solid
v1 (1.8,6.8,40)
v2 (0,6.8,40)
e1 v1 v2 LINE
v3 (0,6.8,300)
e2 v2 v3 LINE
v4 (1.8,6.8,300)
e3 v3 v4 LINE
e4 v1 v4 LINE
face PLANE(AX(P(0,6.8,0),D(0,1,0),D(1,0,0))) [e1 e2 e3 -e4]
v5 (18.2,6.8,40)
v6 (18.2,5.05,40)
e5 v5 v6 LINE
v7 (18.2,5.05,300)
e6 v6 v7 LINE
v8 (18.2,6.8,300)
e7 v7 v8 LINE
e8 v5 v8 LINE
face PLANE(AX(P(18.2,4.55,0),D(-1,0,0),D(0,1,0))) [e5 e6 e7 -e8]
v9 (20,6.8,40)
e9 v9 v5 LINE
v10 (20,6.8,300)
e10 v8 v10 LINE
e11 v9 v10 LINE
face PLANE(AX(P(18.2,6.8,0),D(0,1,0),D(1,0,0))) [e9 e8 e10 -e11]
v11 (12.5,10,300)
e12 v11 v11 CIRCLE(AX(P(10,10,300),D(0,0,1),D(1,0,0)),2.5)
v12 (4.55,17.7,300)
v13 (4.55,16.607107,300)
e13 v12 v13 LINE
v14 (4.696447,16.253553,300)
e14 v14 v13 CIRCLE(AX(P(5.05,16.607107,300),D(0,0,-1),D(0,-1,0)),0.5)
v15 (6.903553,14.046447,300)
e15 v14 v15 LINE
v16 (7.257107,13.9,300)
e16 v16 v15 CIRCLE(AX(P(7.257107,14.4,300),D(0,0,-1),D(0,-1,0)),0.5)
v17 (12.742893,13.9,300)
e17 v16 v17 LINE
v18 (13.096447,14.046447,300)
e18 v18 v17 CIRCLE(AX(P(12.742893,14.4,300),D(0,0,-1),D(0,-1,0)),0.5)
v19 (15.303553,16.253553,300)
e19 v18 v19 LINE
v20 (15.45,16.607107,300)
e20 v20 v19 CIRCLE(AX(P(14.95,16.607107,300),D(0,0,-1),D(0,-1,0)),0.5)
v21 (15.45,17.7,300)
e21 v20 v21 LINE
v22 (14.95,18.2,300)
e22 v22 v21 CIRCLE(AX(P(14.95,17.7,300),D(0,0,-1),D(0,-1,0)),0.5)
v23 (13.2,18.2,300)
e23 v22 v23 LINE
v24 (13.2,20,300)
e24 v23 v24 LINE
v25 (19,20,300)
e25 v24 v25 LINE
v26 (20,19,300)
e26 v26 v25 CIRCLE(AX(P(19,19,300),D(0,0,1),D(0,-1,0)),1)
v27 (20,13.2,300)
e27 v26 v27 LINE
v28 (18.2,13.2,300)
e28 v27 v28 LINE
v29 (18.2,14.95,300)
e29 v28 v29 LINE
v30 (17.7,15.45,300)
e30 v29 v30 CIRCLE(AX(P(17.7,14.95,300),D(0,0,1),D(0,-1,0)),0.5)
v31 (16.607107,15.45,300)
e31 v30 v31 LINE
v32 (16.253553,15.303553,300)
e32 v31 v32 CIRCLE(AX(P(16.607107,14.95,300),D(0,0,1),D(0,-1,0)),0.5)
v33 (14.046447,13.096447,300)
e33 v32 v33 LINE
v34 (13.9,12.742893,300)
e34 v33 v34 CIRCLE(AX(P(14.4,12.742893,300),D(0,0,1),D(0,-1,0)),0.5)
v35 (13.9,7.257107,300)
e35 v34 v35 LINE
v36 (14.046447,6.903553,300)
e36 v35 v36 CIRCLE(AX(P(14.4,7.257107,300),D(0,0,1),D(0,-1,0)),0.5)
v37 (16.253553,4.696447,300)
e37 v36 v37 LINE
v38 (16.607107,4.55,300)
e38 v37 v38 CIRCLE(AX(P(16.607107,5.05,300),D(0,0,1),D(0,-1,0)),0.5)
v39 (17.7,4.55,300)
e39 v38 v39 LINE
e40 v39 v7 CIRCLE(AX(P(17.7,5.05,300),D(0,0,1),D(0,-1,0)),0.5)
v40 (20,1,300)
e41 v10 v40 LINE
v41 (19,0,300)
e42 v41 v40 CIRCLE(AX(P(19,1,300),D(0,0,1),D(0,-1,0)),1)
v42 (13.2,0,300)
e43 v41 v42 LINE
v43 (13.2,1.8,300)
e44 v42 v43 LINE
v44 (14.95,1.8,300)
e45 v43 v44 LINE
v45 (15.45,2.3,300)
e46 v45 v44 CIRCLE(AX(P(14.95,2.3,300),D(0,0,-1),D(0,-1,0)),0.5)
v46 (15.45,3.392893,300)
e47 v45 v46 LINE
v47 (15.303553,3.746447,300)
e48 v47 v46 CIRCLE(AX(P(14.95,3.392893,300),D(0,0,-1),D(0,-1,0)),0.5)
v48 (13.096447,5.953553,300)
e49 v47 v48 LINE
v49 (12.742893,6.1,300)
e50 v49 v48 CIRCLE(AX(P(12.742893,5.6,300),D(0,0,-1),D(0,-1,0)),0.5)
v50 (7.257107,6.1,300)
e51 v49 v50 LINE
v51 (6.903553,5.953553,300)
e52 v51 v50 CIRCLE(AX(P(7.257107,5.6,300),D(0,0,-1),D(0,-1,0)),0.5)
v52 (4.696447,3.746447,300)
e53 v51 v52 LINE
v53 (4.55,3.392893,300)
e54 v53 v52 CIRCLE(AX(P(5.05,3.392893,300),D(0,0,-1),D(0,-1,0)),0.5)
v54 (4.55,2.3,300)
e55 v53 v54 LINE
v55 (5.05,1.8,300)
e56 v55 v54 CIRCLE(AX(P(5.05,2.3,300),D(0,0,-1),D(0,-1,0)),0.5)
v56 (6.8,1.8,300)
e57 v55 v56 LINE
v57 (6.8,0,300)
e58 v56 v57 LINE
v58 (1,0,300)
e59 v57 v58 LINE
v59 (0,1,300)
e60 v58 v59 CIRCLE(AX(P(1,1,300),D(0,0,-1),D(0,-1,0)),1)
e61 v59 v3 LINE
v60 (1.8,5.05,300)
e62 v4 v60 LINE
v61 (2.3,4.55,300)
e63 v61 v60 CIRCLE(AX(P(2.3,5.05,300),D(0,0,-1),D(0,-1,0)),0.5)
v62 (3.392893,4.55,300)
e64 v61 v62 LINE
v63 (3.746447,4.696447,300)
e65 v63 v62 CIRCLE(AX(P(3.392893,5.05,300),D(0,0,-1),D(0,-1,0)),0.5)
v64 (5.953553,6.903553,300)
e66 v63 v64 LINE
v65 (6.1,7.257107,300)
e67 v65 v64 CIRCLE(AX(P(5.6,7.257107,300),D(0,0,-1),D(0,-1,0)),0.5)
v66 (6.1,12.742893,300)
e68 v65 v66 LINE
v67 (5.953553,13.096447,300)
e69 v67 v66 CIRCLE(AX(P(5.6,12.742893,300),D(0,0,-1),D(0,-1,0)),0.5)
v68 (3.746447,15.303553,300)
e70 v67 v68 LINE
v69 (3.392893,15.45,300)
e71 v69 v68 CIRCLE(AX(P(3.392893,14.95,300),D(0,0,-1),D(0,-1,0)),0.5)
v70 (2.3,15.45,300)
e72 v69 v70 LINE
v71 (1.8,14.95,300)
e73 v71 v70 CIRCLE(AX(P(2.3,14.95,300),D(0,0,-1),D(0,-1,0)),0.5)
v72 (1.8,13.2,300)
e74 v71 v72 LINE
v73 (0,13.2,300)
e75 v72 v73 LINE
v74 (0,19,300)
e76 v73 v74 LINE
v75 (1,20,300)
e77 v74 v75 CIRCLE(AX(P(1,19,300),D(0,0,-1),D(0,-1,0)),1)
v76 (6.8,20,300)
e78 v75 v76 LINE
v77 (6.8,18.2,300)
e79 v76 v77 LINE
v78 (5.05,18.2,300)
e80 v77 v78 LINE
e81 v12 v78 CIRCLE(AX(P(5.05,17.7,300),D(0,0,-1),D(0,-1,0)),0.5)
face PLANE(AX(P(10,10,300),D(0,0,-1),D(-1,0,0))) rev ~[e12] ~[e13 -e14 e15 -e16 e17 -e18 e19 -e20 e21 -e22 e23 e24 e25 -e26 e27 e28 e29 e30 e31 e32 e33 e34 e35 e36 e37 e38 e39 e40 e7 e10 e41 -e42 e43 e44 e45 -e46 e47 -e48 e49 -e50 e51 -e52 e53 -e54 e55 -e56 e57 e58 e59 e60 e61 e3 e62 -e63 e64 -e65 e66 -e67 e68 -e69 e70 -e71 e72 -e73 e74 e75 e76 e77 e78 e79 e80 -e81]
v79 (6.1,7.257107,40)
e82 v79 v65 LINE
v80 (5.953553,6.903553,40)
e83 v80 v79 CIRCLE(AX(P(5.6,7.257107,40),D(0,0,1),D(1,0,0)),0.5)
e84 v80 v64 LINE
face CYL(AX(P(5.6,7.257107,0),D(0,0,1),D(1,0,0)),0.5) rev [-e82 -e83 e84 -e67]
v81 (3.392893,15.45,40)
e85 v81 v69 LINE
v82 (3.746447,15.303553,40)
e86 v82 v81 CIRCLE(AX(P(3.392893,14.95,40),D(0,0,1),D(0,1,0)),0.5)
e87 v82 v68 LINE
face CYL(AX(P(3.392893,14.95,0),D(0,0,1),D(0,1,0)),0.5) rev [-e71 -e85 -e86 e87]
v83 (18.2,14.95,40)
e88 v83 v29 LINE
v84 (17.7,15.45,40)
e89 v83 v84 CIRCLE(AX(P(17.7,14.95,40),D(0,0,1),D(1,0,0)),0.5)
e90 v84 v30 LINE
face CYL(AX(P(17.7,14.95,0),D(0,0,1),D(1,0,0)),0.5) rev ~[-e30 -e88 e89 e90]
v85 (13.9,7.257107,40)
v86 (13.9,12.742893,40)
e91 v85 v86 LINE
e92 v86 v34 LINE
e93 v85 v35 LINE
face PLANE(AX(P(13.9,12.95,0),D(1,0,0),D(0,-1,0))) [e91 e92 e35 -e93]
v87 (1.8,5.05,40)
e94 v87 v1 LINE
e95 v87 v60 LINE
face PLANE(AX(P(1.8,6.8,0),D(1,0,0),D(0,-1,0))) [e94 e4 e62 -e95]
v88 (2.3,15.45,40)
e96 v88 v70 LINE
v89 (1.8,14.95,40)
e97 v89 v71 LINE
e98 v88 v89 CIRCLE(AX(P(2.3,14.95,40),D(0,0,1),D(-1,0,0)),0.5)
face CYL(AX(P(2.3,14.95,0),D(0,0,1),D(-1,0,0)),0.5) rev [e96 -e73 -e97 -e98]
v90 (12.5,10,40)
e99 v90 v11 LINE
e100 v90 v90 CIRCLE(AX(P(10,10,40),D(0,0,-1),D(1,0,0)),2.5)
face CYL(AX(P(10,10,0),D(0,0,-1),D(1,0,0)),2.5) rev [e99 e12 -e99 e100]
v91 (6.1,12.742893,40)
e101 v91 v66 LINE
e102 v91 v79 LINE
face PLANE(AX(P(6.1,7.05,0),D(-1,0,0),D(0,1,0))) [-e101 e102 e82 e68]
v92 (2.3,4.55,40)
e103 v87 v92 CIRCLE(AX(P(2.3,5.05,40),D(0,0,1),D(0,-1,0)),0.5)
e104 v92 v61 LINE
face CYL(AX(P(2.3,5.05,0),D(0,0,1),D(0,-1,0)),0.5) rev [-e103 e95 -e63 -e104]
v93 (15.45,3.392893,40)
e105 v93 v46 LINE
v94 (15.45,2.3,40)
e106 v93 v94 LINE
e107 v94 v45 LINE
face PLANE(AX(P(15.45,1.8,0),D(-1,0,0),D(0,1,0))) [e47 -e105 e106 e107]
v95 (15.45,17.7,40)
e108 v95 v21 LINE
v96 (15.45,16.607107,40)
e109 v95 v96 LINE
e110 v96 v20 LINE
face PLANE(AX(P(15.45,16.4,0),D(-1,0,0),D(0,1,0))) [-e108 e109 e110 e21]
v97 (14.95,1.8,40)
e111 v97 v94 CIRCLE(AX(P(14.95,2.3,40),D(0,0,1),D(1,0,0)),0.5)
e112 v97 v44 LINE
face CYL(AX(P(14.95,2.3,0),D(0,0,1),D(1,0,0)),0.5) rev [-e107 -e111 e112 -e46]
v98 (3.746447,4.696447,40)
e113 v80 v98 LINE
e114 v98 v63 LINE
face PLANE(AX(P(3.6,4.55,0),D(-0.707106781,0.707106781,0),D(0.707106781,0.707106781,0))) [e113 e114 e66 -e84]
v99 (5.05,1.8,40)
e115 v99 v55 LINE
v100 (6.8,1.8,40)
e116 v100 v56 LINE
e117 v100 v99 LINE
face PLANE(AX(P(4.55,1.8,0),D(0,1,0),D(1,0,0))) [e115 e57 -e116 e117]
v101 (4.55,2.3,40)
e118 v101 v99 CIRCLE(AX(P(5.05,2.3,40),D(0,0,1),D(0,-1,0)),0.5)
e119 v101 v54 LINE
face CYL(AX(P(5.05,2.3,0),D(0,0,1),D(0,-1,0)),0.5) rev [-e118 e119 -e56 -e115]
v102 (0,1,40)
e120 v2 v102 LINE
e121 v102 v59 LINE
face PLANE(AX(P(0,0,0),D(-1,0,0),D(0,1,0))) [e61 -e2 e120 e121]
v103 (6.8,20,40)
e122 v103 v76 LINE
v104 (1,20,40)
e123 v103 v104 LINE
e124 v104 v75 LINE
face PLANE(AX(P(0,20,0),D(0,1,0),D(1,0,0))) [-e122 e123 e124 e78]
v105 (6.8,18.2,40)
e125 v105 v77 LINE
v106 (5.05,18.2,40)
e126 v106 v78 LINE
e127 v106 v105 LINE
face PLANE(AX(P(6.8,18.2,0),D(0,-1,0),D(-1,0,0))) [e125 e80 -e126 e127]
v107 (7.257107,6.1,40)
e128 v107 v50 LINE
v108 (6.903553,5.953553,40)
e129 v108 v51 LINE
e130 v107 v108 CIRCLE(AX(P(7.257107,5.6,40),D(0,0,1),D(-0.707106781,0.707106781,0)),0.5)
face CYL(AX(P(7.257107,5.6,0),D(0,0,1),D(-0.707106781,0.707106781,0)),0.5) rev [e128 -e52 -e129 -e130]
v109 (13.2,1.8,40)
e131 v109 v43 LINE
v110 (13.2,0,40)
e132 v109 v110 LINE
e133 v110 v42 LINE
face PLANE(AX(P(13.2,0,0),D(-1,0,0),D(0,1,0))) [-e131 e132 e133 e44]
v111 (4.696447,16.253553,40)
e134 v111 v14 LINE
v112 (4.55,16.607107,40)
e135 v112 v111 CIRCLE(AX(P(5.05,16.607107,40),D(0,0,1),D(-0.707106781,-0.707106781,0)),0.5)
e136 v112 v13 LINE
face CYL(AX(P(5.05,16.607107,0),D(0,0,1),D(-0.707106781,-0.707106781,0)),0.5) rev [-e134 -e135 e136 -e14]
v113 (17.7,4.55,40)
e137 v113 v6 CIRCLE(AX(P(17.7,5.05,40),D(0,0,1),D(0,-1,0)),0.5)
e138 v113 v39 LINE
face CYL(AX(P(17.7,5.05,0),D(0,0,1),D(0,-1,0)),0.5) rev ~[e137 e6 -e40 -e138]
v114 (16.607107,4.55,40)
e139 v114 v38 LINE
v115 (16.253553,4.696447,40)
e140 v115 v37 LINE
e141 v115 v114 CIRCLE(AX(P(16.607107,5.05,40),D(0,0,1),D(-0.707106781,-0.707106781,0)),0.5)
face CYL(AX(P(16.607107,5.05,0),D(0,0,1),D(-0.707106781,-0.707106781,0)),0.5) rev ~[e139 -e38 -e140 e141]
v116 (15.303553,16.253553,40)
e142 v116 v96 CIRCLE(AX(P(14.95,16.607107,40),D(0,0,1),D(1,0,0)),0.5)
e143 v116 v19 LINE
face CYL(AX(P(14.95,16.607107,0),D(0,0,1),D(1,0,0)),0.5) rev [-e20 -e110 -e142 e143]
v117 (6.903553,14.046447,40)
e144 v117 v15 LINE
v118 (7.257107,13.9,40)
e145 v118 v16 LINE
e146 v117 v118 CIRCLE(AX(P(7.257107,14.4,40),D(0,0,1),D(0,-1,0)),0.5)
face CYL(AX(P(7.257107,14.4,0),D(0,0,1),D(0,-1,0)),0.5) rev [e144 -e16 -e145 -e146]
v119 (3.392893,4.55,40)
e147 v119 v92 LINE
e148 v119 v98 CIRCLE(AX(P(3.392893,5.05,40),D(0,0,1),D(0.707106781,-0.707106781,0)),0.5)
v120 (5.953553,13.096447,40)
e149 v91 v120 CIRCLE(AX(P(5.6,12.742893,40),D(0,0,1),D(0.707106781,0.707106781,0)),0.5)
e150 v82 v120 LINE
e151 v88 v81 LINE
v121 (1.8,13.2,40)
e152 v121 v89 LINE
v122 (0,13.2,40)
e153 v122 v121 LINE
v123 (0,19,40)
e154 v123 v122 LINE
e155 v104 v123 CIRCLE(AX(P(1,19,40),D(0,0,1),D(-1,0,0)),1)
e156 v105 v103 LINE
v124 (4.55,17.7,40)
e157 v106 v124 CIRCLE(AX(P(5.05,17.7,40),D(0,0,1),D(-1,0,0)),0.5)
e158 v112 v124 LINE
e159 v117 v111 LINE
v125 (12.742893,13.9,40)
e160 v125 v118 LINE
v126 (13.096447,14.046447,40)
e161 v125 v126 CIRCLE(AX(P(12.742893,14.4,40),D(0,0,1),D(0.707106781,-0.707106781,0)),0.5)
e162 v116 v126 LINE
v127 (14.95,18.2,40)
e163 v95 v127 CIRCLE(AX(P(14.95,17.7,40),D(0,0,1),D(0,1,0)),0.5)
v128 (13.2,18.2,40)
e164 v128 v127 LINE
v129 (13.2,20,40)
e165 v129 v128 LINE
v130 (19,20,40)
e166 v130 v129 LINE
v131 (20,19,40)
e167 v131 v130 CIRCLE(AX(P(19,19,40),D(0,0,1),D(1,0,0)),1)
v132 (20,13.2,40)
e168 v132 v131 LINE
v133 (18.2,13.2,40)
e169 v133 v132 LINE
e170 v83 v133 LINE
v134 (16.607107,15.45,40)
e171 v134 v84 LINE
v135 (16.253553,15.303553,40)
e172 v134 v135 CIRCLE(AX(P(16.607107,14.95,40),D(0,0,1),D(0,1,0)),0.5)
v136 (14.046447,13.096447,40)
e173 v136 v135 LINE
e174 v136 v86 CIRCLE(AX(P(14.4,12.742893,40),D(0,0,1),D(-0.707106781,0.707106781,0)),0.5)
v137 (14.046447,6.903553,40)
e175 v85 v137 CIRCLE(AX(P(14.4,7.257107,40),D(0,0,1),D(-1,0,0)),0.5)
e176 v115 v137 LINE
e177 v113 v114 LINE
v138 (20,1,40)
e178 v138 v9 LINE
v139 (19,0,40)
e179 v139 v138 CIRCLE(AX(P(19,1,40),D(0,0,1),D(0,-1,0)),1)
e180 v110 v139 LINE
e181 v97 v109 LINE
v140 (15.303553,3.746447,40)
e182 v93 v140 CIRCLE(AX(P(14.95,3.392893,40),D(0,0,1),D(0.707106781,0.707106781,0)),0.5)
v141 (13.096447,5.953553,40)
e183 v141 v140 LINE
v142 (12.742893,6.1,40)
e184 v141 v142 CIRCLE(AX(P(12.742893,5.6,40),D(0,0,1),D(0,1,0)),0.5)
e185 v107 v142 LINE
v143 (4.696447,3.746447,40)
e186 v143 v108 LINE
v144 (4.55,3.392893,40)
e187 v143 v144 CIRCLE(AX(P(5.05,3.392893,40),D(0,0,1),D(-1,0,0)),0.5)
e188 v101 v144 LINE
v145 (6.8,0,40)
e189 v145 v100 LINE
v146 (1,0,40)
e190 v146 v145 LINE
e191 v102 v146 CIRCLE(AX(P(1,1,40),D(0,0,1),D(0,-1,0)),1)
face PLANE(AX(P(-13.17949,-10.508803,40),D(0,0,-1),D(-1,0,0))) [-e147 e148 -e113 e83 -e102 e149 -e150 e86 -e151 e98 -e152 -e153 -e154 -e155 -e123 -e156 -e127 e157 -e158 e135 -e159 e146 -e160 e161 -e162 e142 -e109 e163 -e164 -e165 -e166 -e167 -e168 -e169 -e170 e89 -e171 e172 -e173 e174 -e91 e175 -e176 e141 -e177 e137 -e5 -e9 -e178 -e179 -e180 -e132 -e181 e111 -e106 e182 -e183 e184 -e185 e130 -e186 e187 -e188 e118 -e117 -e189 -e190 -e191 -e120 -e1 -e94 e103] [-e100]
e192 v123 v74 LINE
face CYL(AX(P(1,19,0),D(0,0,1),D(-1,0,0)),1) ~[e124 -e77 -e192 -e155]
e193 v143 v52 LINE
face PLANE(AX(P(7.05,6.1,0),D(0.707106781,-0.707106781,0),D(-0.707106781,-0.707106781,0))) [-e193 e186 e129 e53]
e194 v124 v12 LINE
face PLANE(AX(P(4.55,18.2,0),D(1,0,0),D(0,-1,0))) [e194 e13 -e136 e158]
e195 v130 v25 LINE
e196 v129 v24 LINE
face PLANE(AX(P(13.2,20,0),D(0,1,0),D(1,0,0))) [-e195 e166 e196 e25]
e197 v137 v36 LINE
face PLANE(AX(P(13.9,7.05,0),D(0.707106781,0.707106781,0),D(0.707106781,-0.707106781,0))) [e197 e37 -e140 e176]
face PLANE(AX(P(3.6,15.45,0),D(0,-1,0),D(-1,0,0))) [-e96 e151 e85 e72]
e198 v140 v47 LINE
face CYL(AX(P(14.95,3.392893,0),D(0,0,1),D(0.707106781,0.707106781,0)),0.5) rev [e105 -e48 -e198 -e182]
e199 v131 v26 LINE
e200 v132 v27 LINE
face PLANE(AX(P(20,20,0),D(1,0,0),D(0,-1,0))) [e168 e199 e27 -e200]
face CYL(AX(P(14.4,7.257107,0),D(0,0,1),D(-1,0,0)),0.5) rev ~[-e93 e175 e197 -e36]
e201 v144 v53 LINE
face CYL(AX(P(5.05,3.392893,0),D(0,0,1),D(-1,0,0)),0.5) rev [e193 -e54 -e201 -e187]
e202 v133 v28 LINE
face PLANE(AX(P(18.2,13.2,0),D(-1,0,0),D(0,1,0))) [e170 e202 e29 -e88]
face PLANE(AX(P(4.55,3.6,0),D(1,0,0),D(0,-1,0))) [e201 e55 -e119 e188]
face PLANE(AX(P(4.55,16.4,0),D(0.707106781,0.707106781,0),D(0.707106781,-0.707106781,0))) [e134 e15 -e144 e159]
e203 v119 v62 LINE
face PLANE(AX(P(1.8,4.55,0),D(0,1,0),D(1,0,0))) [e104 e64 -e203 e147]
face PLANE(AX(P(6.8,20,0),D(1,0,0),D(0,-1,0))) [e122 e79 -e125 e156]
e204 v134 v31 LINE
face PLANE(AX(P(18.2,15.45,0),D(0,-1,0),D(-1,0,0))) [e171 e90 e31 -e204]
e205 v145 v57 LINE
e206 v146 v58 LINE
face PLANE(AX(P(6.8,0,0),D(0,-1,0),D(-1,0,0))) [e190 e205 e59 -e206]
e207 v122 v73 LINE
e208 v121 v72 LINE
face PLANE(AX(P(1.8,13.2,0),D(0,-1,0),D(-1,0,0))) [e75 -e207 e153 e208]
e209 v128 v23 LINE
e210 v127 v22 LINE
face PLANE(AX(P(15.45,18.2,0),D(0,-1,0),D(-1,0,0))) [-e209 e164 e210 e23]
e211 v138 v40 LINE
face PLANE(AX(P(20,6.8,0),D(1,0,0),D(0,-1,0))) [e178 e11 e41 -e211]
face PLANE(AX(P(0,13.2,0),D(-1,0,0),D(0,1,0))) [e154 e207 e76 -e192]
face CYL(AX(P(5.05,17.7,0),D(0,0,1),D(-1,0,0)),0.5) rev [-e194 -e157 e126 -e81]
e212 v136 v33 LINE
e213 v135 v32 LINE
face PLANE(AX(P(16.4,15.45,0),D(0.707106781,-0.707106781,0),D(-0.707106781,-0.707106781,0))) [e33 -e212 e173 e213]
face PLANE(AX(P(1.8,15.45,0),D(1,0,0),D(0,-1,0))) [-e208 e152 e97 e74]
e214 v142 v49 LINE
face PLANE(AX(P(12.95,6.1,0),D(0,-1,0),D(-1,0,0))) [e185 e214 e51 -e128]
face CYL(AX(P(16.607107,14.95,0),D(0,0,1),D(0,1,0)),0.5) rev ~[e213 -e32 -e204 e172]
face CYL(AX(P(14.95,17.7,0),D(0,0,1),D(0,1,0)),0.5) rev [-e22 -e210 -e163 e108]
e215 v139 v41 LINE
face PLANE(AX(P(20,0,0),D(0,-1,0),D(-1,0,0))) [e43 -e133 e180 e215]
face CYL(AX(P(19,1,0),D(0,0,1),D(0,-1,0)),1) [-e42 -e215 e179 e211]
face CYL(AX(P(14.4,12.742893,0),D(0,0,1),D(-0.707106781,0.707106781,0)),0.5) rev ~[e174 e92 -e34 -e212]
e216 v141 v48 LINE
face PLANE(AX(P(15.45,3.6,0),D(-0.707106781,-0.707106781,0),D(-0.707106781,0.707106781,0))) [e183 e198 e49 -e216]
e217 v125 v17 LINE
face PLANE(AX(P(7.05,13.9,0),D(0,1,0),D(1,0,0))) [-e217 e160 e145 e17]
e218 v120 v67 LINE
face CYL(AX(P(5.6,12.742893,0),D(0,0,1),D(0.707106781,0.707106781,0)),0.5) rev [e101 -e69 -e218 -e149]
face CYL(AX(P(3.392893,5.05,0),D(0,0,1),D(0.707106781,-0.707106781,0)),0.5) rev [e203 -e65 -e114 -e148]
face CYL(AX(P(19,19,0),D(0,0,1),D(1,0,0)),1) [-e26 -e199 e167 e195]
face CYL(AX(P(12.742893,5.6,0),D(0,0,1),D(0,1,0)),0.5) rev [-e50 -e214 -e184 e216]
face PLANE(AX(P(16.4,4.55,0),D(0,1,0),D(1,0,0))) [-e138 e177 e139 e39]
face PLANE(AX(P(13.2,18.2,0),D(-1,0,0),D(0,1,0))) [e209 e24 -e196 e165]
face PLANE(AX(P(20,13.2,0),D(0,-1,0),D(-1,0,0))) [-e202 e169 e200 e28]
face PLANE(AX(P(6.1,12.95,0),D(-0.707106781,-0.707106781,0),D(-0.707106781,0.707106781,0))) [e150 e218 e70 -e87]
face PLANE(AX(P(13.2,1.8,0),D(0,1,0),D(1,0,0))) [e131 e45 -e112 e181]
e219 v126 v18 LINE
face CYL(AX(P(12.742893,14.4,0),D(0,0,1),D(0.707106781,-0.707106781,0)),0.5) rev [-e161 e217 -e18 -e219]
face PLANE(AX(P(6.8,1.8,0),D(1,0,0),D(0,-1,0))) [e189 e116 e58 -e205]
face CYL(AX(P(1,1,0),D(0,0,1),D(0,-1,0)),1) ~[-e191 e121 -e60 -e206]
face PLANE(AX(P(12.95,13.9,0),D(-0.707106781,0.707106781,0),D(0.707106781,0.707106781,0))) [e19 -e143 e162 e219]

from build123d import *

# Parameters (mm, degrees)
SKETCH1_R           = 2.5
BOSS_EXTRUDE1_DEPTH = 300
FILLET1_R           = 1
FILLET2_R           = 0.5
FILLET3_R           = 0.5
FILLET4_R           = 0.5
FILLET5_R           = 0.5
SKETCH4_W           = 85.130466005
SKETCH4_H           = 76.492403511
CUT_EXTRUDE4_DEPTH  = 40


with BuildPart() as part:
    # Sketch1 → Boss-Extrude1 (new body)
    with BuildSketch(Plane.XY):
        Polygon((13.2, 0), (13.2, 1.8), (15.45, 1.8), (15.45, 3.6), (12.95, 6.1), (7.05, 6.1), (4.55, 3.6), (4.55, 1.8), (6.8, 1.8), (6.8, 0), (0, 0), (0, 6.8), (1.8, 6.8), (1.8, 4.55), (3.6, 4.55), (6.1, 7.05), (6.1, 12.95), (3.6, 15.45), (1.8, 15.45), (1.8, 13.2), (0, 13.2), (0, 20), (6.8, 20), (6.8, 18.2), (4.55, 18.2), (4.55, 16.4), (7.05, 13.9), (12.95, 13.9), (15.45, 16.4), (15.45, 18.2), (13.2, 18.2), (13.2, 20), (20, 20), (20, 13.2), (18.2, 13.2), (18.2, 15.45), (16.4, 15.45), (13.9, 12.95), (13.9, 7.05), (16.4, 4.55), (18.2, 4.55), (18.2, 6.8), (20, 6.8), (20, 0), align=None)
        with Locations((10, 10)):
            Circle(SKETCH1_R, mode=Mode.SUBTRACT)
    extrude(amount=BOSS_EXTRUDE1_DEPTH)

    # Fillet1
    fillet1_edges = [part.edges().sort_by_distance(p)[0] for p in [
        (0, 0, 150),
        (0, 20, 150),
        (20, 20, 150),
        (20, 0, 150),
    ]]
    fillet(fillet1_edges, radius=FILLET1_R)

    # Fillet2
    fillet2_edges = [part.edges().sort_by_distance(p)[0] for p in [
        (4.55, 18.2, 150),
        (4.55, 16.4, 150),
        (7.05, 13.9, 150),
        (12.95, 13.9, 150),
        (15.45, 16.4, 150),
        (15.45, 18.2, 150),
    ]]
    fillet(fillet2_edges, radius=FILLET2_R)

    # Fillet3
    fillet3_edges = [part.edges().sort_by_distance(p)[0] for p in [
        (18.2, 15.45, 150),
        (16.4, 15.45, 150),
        (13.9, 12.95, 150),
        (13.9, 7.05, 150),
        (16.4, 4.55, 150),
        (18.2, 4.55, 150),
    ]]
    fillet(fillet3_edges, radius=FILLET3_R)

    # Fillet4
    fillet4_edges = [part.edges().sort_by_distance(p)[0] for p in [
        (1.8, 4.55, 150),
        (3.6, 4.55, 150),
        (6.1, 7.05, 150),
        (6.1, 12.95, 150),
        (3.6, 15.45, 150),
        (1.8, 15.45, 150),
    ]]
    fillet(fillet4_edges, radius=FILLET4_R)

    # Fillet5
    fillet5_edges = [part.edges().sort_by_distance(p)[0] for p in [
        (15.45, 1.8, 150),
        (15.45, 3.6, 150),
        (12.95, 6.1, 150),
        (7.05, 6.1, 150),
        (4.55, 3.6, 150),
        (4.55, 1.8, 150),
    ]]
    fillet(fillet5_edges, radius=FILLET5_R)

    # Sketch4 → Cut-Extrude4 (cut)
    with BuildSketch(Plane(origin=(0, 0, 0), x_dir=(-1, 0, 0), z_dir=(0, 0, -1))):
        with Locations((13.179490335, -10.50880322)):
            Rectangle(SKETCH4_W, SKETCH4_H)
    extrude(amount=-CUT_EXTRUDE4_DEPTH, mode=Mode.SUBTRACT)


solid = part.part
